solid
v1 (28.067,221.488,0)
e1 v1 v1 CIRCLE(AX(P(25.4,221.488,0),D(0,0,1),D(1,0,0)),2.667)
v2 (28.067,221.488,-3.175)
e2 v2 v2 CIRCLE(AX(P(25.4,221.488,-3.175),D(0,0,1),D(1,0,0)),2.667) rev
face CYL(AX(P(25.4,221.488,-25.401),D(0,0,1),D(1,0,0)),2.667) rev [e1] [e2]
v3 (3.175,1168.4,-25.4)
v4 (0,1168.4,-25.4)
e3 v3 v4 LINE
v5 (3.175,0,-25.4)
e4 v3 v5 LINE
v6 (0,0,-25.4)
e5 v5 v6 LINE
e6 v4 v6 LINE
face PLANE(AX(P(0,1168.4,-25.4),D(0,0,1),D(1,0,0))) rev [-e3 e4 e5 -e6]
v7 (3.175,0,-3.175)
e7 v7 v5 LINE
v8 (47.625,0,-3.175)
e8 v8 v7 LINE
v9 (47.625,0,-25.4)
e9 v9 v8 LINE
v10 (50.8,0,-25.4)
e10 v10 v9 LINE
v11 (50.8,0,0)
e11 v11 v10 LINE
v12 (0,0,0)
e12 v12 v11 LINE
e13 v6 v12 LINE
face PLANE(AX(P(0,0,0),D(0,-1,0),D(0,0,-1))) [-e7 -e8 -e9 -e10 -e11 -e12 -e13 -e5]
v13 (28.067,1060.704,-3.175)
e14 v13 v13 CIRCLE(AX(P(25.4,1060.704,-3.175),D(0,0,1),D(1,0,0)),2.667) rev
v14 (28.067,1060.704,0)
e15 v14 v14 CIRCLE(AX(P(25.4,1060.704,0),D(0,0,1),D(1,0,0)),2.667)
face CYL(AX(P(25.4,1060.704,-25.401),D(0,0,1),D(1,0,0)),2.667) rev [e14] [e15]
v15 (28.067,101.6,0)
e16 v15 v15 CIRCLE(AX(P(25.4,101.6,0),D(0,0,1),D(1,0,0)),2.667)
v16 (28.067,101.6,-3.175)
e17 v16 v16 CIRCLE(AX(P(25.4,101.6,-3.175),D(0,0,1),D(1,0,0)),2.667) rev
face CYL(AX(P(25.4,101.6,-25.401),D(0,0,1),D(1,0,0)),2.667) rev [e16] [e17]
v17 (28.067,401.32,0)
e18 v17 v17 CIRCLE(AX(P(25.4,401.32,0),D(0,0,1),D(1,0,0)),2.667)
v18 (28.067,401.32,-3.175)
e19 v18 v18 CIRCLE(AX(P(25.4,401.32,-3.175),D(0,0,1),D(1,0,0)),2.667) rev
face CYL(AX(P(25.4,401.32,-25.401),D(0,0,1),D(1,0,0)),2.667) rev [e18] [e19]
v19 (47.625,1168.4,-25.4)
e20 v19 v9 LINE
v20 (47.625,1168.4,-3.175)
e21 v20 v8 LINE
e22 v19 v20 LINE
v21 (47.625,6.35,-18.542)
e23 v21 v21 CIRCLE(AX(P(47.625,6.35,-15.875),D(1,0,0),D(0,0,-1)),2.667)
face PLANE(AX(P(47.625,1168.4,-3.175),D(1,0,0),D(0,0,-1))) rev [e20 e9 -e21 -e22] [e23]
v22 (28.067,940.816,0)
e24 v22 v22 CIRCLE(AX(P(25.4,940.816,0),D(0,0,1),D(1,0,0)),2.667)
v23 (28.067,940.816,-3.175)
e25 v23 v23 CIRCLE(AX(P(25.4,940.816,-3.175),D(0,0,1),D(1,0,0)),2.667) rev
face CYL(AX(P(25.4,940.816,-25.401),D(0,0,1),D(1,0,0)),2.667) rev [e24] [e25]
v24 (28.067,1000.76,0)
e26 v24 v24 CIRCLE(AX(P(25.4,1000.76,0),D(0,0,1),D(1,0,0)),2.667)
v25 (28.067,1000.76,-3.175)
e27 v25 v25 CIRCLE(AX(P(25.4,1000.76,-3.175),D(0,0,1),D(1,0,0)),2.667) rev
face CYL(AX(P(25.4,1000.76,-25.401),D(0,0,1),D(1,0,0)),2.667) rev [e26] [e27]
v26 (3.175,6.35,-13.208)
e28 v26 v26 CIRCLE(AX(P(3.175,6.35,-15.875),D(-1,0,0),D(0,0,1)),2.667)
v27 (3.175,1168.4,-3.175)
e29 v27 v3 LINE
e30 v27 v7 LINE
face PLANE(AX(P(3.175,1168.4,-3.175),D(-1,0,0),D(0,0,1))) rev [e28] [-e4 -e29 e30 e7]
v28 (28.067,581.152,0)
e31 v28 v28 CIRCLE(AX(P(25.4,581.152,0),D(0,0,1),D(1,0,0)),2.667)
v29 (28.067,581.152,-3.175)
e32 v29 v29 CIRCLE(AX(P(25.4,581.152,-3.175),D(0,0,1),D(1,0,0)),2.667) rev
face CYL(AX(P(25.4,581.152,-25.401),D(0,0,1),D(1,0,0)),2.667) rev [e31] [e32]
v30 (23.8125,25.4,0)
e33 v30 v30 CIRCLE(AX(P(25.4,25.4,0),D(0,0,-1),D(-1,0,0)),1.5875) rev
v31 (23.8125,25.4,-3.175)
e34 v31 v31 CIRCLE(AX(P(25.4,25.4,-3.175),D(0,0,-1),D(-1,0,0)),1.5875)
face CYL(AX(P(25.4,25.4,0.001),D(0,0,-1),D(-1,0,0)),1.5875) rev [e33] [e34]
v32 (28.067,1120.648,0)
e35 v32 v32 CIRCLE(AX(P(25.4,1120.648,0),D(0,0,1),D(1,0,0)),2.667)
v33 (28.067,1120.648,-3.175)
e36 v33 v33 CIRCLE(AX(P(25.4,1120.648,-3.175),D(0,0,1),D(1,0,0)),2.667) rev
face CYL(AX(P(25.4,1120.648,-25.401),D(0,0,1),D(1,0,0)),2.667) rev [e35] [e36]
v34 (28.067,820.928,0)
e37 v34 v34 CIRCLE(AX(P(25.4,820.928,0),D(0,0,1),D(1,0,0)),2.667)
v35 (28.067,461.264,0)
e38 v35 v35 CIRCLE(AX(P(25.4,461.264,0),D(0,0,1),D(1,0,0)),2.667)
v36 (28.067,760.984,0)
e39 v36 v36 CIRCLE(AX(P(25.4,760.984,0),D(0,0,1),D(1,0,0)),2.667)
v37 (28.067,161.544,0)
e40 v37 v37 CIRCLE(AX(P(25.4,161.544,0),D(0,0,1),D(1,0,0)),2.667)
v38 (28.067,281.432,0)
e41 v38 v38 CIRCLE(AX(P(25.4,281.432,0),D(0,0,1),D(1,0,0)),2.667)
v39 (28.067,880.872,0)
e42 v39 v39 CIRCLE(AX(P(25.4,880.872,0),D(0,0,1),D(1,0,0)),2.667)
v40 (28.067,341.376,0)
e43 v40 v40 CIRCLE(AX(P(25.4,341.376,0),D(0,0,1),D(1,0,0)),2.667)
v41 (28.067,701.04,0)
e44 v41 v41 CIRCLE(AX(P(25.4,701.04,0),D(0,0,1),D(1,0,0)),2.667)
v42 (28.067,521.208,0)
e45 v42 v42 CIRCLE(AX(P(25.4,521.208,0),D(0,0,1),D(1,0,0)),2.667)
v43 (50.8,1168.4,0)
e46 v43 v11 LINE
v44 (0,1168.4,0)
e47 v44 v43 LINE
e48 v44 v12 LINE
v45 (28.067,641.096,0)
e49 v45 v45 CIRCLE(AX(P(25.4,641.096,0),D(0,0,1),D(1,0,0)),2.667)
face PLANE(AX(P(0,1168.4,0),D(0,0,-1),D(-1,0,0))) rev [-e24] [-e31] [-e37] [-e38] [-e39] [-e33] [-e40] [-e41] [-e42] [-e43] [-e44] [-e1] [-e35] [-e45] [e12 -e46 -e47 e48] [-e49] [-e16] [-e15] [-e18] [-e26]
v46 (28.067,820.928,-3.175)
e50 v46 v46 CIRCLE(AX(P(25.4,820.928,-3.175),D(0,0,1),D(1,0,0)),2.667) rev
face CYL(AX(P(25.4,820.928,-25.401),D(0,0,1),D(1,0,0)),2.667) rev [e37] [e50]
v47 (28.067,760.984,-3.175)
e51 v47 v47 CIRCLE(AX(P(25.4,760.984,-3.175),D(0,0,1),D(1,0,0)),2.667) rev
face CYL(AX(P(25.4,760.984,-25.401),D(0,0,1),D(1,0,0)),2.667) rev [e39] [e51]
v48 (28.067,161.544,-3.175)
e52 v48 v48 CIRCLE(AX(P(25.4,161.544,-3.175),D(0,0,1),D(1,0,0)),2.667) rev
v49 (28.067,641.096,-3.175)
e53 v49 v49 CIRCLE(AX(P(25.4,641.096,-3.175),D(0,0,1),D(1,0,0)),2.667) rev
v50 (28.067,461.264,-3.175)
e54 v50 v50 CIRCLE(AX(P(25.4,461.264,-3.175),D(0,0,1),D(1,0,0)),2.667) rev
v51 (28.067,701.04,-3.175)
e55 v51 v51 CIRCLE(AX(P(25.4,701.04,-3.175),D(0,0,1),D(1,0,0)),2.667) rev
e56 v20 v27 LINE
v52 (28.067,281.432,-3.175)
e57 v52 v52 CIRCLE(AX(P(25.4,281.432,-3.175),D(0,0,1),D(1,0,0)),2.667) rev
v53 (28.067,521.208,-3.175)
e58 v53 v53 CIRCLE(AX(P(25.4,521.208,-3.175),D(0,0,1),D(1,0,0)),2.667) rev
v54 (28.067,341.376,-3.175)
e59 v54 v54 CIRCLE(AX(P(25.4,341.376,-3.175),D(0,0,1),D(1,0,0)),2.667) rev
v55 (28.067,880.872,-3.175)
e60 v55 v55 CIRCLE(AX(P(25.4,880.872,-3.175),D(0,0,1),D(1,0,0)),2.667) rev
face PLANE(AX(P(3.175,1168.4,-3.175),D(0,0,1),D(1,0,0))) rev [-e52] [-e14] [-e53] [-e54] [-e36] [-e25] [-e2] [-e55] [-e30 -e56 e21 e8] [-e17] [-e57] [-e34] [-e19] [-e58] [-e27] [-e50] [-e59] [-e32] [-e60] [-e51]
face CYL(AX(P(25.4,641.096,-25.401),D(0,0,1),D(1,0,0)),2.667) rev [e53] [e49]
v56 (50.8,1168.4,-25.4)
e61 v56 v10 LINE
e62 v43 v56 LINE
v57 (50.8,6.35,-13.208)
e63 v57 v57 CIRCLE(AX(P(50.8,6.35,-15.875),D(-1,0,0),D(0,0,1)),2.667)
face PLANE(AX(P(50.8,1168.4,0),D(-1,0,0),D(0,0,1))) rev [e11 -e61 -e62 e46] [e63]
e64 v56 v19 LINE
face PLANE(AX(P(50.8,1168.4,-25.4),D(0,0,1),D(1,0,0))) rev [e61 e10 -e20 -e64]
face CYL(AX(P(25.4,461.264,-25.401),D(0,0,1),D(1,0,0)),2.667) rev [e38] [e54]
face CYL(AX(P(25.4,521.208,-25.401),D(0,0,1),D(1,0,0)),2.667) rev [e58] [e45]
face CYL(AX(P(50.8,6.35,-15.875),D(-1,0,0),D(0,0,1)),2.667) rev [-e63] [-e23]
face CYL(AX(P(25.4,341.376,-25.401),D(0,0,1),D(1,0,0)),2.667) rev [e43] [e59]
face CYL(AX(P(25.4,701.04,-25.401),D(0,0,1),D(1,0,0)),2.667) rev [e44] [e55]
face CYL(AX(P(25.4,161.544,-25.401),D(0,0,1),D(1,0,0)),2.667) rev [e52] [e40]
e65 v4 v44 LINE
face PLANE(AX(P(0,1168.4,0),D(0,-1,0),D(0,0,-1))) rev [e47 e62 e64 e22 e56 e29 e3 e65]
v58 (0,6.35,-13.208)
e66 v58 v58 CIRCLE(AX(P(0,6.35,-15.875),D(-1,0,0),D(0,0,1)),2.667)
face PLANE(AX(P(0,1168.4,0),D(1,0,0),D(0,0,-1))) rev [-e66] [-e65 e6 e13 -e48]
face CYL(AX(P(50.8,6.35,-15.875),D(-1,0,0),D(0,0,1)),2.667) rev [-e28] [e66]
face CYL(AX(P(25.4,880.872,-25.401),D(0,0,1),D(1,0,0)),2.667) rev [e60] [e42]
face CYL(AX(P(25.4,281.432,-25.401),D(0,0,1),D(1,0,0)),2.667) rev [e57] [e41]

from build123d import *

# Parameters (mm, degrees)
BOSS_EXTRUDE1_DEPTH = 1168.4
IGUS_HOLES_REACH    = 27.4
SKETCH2_R           = 2.667
CUT_EXTRUDE2_REACH  = 5.175
SKETCH3_R           = 1.5875
SKETCH4_R           = 2.667
CUT_EXTRUDE3_DEPTH  = 51.8


with BuildPart() as part:
    # Sketch1 → Boss-Extrude1 (new body)
    with BuildSketch(Plane(origin=(0, 0, 0), x_dir=(1, 0, 0), z_dir=(0, 1, 0))):
        Polygon((3.175, 3.175), (3.175, 25.4), (0, 25.4), (0, 0), (50.8, 0), (50.8, 25.4), (47.625, 25.4), (47.625, 3.175), align=None)
    extrude(amount=BOSS_EXTRUDE1_DEPTH)

    # Sketch2 → Igus_Holes (cut, up to next)
    with BuildSketch(Plane.XY, mode=Mode.PRIVATE) as igus_holes_sk1:
        with Locations((25.4, 101.6)):
            Circle(SKETCH2_R)
    igus_holes_tool1 = extrude(igus_holes_sk1.sketch, amount=-IGUS_HOLES_REACH, mode=Mode.PRIVATE) & part.part
    add(igus_holes_tool1.solids().sort_by_distance((25.4, 101.6, 0))[0], mode=Mode.SUBTRACT)
    # Sketch2 → Igus_Holes (cut, up to next)
    with BuildSketch(Plane.XY, mode=Mode.PRIVATE) as igus_holes_sk2:
        with Locations((25.4, 161.544)):
            Circle(SKETCH2_R)
    igus_holes_tool2 = extrude(igus_holes_sk2.sketch, amount=-IGUS_HOLES_REACH, mode=Mode.PRIVATE) & part.part
    add(igus_holes_tool2.solids().sort_by_distance((25.4, 161.544, 0))[0], mode=Mode.SUBTRACT)
    # Sketch2 → Igus_Holes (cut, up to next)
    with BuildSketch(Plane.XY, mode=Mode.PRIVATE) as igus_holes_sk3:
        with Locations((25.4, 221.488)):
            Circle(SKETCH2_R)
    igus_holes_tool3 = extrude(igus_holes_sk3.sketch, amount=-IGUS_HOLES_REACH, mode=Mode.PRIVATE) & part.part
    add(igus_holes_tool3.solids().sort_by_distance((25.4, 221.488, 0))[0], mode=Mode.SUBTRACT)
    # Sketch2 → Igus_Holes (cut, up to next)
    with BuildSketch(Plane.XY, mode=Mode.PRIVATE) as igus_holes_sk4:
        with Locations((25.4, 281.432)):
            Circle(SKETCH2_R)
    igus_holes_tool4 = extrude(igus_holes_sk4.sketch, amount=-IGUS_HOLES_REACH, mode=Mode.PRIVATE) & part.part
    add(igus_holes_tool4.solids().sort_by_distance((25.4, 281.432, 0))[0], mode=Mode.SUBTRACT)
    # Sketch2 → Igus_Holes (cut, up to next)
    with BuildSketch(Plane.XY, mode=Mode.PRIVATE) as igus_holes_sk5:
        with Locations((25.4, 341.376)):
            Circle(SKETCH2_R)
    igus_holes_tool5 = extrude(igus_holes_sk5.sketch, amount=-IGUS_HOLES_REACH, mode=Mode.PRIVATE) & part.part
    add(igus_holes_tool5.solids().sort_by_distance((25.4, 341.376, 0))[0], mode=Mode.SUBTRACT)
    # Sketch2 → Igus_Holes (cut, up to next)
    with BuildSketch(Plane.XY, mode=Mode.PRIVATE) as igus_holes_sk6:
        with Locations((25.4, 401.32)):
            Circle(SKETCH2_R)
    igus_holes_tool6 = extrude(igus_holes_sk6.sketch, amount=-IGUS_HOLES_REACH, mode=Mode.PRIVATE) & part.part
    add(igus_holes_tool6.solids().sort_by_distance((25.4, 401.32, 0))[0], mode=Mode.SUBTRACT)
    # Sketch2 → Igus_Holes (cut, up to next)
    with BuildSketch(Plane.XY, mode=Mode.PRIVATE) as igus_holes_sk7:
        with Locations((25.4, 461.264)):
            Circle(SKETCH2_R)
    igus_holes_tool7 = extrude(igus_holes_sk7.sketch, amount=-IGUS_HOLES_REACH, mode=Mode.PRIVATE) & part.part
    add(igus_holes_tool7.solids().sort_by_distance((25.4, 461.264, 0))[0], mode=Mode.SUBTRACT)
    # Sketch2 → Igus_Holes (cut, up to next)
    with BuildSketch(Plane.XY, mode=Mode.PRIVATE) as igus_holes_sk8:
        with Locations((25.4, 521.208)):
            Circle(SKETCH2_R)
    igus_holes_tool8 = extrude(igus_holes_sk8.sketch, amount=-IGUS_HOLES_REACH, mode=Mode.PRIVATE) & part.part
    add(igus_holes_tool8.solids().sort_by_distance((25.4, 521.208, 0))[0], mode=Mode.SUBTRACT)
    # Sketch2 → Igus_Holes (cut, up to next)
    with BuildSketch(Plane.XY, mode=Mode.PRIVATE) as igus_holes_sk9:
        with Locations((25.4, 581.152)):
            Circle(SKETCH2_R)
    igus_holes_tool9 = extrude(igus_holes_sk9.sketch, amount=-IGUS_HOLES_REACH, mode=Mode.PRIVATE) & part.part
    add(igus_holes_tool9.solids().sort_by_distance((25.4, 581.152, 0))[0], mode=Mode.SUBTRACT)
    # Sketch2 → Igus_Holes (cut, up to next)
    with BuildSketch(Plane.XY, mode=Mode.PRIVATE) as igus_holes_sk10:
        with Locations((25.4, 641.096)):
            Circle(SKETCH2_R)
    igus_holes_tool10 = extrude(igus_holes_sk10.sketch, amount=-IGUS_HOLES_REACH, mode=Mode.PRIVATE) & part.part
    add(igus_holes_tool10.solids().sort_by_distance((25.4, 641.096, 0))[0], mode=Mode.SUBTRACT)
    # Sketch2 → Igus_Holes (cut, up to next)
    with BuildSketch(Plane.XY, mode=Mode.PRIVATE) as igus_holes_sk11:
        with Locations((25.4, 701.04)):
            Circle(SKETCH2_R)
    igus_holes_tool11 = extrude(igus_holes_sk11.sketch, amount=-IGUS_HOLES_REACH, mode=Mode.PRIVATE) & part.part
    add(igus_holes_tool11.solids().sort_by_distance((25.4, 701.04, 0))[0], mode=Mode.SUBTRACT)
    # Sketch2 → Igus_Holes (cut, up to next)
    with BuildSketch(Plane.XY, mode=Mode.PRIVATE) as igus_holes_sk12:
        with Locations((25.4, 760.984)):
            Circle(SKETCH2_R)
    igus_holes_tool12 = extrude(igus_holes_sk12.sketch, amount=-IGUS_HOLES_REACH, mode=Mode.PRIVATE) & part.part
    add(igus_holes_tool12.solids().sort_by_distance((25.4, 760.984, 0))[0], mode=Mode.SUBTRACT)
    # Sketch2 → Igus_Holes (cut, up to next)
    with BuildSketch(Plane.XY, mode=Mode.PRIVATE) as igus_holes_sk13:
        with Locations((25.4, 820.928)):
            Circle(SKETCH2_R)
    igus_holes_tool13 = extrude(igus_holes_sk13.sketch, amount=-IGUS_HOLES_REACH, mode=Mode.PRIVATE) & part.part
    add(igus_holes_tool13.solids().sort_by_distance((25.4, 820.928, 0))[0], mode=Mode.SUBTRACT)
    # Sketch2 → Igus_Holes (cut, up to next)
    with BuildSketch(Plane.XY, mode=Mode.PRIVATE) as igus_holes_sk14:
        with Locations((25.4, 880.872)):
            Circle(SKETCH2_R)
    igus_holes_tool14 = extrude(igus_holes_sk14.sketch, amount=-IGUS_HOLES_REACH, mode=Mode.PRIVATE) & part.part
    add(igus_holes_tool14.solids().sort_by_distance((25.4, 880.872, 0))[0], mode=Mode.SUBTRACT)
    # Sketch2 → Igus_Holes (cut, up to next)
    with BuildSketch(Plane.XY, mode=Mode.PRIVATE) as igus_holes_sk15:
        with Locations((25.4, 940.816)):
            Circle(SKETCH2_R)
    igus_holes_tool15 = extrude(igus_holes_sk15.sketch, amount=-IGUS_HOLES_REACH, mode=Mode.PRIVATE) & part.part
    add(igus_holes_tool15.solids().sort_by_distance((25.4, 940.816, 0))[0], mode=Mode.SUBTRACT)
    # Sketch2 → Igus_Holes (cut, up to next)
    with BuildSketch(Plane.XY, mode=Mode.PRIVATE) as igus_holes_sk16:
        with Locations((25.4, 1000.76)):
            Circle(SKETCH2_R)
    igus_holes_tool16 = extrude(igus_holes_sk16.sketch, amount=-IGUS_HOLES_REACH, mode=Mode.PRIVATE) & part.part
    add(igus_holes_tool16.solids().sort_by_distance((25.4, 1000.76, 0))[0], mode=Mode.SUBTRACT)
    # Sketch2 → Igus_Holes (cut, up to next)
    with BuildSketch(Plane.XY, mode=Mode.PRIVATE) as igus_holes_sk17:
        with Locations((25.4, 1060.704)):
            Circle(SKETCH2_R)
    igus_holes_tool17 = extrude(igus_holes_sk17.sketch, amount=-IGUS_HOLES_REACH, mode=Mode.PRIVATE) & part.part
    add(igus_holes_tool17.solids().sort_by_distance((25.4, 1060.704, 0))[0], mode=Mode.SUBTRACT)
    # Sketch2 → Igus_Holes (cut, up to next)
    with BuildSketch(Plane.XY, mode=Mode.PRIVATE) as igus_holes_sk18:
        with Locations((25.4, 1120.648)):
            Circle(SKETCH2_R)
    igus_holes_tool18 = extrude(igus_holes_sk18.sketch, amount=-IGUS_HOLES_REACH, mode=Mode.PRIVATE) & part.part
    add(igus_holes_tool18.solids().sort_by_distance((25.4, 1120.648, 0))[0], mode=Mode.SUBTRACT)

    # Sketch3 → Cut-Extrude2 (cut, up to next)
    with BuildSketch(Plane(origin=(0, 0, -3.175), x_dir=(-1, 0, 0), z_dir=(0, 0, -1)), mode=Mode.PRIVATE) as cut_extrude2_sk1:
        with Locations((-25.4, 25.4)):
            Circle(SKETCH3_R)
    cut_extrude2_tool1 = extrude(cut_extrude2_sk1.sketch, amount=-CUT_EXTRUDE2_REACH, mode=Mode.PRIVATE) & part.part
    add(cut_extrude2_tool1.solids().sort_by_distance((25.4, 25.4, -3.175))[0], mode=Mode.SUBTRACT)

    # Sketch4 → Cut-Extrude3 (cut, through all)
    with BuildSketch(Plane.ZY):
        with Locations((-15.875, 6.35)):
            Circle(SKETCH4_R)
    extrude(amount=-CUT_EXTRUDE3_DEPTH, mode=Mode.SUBTRACT)


solid = part.part
